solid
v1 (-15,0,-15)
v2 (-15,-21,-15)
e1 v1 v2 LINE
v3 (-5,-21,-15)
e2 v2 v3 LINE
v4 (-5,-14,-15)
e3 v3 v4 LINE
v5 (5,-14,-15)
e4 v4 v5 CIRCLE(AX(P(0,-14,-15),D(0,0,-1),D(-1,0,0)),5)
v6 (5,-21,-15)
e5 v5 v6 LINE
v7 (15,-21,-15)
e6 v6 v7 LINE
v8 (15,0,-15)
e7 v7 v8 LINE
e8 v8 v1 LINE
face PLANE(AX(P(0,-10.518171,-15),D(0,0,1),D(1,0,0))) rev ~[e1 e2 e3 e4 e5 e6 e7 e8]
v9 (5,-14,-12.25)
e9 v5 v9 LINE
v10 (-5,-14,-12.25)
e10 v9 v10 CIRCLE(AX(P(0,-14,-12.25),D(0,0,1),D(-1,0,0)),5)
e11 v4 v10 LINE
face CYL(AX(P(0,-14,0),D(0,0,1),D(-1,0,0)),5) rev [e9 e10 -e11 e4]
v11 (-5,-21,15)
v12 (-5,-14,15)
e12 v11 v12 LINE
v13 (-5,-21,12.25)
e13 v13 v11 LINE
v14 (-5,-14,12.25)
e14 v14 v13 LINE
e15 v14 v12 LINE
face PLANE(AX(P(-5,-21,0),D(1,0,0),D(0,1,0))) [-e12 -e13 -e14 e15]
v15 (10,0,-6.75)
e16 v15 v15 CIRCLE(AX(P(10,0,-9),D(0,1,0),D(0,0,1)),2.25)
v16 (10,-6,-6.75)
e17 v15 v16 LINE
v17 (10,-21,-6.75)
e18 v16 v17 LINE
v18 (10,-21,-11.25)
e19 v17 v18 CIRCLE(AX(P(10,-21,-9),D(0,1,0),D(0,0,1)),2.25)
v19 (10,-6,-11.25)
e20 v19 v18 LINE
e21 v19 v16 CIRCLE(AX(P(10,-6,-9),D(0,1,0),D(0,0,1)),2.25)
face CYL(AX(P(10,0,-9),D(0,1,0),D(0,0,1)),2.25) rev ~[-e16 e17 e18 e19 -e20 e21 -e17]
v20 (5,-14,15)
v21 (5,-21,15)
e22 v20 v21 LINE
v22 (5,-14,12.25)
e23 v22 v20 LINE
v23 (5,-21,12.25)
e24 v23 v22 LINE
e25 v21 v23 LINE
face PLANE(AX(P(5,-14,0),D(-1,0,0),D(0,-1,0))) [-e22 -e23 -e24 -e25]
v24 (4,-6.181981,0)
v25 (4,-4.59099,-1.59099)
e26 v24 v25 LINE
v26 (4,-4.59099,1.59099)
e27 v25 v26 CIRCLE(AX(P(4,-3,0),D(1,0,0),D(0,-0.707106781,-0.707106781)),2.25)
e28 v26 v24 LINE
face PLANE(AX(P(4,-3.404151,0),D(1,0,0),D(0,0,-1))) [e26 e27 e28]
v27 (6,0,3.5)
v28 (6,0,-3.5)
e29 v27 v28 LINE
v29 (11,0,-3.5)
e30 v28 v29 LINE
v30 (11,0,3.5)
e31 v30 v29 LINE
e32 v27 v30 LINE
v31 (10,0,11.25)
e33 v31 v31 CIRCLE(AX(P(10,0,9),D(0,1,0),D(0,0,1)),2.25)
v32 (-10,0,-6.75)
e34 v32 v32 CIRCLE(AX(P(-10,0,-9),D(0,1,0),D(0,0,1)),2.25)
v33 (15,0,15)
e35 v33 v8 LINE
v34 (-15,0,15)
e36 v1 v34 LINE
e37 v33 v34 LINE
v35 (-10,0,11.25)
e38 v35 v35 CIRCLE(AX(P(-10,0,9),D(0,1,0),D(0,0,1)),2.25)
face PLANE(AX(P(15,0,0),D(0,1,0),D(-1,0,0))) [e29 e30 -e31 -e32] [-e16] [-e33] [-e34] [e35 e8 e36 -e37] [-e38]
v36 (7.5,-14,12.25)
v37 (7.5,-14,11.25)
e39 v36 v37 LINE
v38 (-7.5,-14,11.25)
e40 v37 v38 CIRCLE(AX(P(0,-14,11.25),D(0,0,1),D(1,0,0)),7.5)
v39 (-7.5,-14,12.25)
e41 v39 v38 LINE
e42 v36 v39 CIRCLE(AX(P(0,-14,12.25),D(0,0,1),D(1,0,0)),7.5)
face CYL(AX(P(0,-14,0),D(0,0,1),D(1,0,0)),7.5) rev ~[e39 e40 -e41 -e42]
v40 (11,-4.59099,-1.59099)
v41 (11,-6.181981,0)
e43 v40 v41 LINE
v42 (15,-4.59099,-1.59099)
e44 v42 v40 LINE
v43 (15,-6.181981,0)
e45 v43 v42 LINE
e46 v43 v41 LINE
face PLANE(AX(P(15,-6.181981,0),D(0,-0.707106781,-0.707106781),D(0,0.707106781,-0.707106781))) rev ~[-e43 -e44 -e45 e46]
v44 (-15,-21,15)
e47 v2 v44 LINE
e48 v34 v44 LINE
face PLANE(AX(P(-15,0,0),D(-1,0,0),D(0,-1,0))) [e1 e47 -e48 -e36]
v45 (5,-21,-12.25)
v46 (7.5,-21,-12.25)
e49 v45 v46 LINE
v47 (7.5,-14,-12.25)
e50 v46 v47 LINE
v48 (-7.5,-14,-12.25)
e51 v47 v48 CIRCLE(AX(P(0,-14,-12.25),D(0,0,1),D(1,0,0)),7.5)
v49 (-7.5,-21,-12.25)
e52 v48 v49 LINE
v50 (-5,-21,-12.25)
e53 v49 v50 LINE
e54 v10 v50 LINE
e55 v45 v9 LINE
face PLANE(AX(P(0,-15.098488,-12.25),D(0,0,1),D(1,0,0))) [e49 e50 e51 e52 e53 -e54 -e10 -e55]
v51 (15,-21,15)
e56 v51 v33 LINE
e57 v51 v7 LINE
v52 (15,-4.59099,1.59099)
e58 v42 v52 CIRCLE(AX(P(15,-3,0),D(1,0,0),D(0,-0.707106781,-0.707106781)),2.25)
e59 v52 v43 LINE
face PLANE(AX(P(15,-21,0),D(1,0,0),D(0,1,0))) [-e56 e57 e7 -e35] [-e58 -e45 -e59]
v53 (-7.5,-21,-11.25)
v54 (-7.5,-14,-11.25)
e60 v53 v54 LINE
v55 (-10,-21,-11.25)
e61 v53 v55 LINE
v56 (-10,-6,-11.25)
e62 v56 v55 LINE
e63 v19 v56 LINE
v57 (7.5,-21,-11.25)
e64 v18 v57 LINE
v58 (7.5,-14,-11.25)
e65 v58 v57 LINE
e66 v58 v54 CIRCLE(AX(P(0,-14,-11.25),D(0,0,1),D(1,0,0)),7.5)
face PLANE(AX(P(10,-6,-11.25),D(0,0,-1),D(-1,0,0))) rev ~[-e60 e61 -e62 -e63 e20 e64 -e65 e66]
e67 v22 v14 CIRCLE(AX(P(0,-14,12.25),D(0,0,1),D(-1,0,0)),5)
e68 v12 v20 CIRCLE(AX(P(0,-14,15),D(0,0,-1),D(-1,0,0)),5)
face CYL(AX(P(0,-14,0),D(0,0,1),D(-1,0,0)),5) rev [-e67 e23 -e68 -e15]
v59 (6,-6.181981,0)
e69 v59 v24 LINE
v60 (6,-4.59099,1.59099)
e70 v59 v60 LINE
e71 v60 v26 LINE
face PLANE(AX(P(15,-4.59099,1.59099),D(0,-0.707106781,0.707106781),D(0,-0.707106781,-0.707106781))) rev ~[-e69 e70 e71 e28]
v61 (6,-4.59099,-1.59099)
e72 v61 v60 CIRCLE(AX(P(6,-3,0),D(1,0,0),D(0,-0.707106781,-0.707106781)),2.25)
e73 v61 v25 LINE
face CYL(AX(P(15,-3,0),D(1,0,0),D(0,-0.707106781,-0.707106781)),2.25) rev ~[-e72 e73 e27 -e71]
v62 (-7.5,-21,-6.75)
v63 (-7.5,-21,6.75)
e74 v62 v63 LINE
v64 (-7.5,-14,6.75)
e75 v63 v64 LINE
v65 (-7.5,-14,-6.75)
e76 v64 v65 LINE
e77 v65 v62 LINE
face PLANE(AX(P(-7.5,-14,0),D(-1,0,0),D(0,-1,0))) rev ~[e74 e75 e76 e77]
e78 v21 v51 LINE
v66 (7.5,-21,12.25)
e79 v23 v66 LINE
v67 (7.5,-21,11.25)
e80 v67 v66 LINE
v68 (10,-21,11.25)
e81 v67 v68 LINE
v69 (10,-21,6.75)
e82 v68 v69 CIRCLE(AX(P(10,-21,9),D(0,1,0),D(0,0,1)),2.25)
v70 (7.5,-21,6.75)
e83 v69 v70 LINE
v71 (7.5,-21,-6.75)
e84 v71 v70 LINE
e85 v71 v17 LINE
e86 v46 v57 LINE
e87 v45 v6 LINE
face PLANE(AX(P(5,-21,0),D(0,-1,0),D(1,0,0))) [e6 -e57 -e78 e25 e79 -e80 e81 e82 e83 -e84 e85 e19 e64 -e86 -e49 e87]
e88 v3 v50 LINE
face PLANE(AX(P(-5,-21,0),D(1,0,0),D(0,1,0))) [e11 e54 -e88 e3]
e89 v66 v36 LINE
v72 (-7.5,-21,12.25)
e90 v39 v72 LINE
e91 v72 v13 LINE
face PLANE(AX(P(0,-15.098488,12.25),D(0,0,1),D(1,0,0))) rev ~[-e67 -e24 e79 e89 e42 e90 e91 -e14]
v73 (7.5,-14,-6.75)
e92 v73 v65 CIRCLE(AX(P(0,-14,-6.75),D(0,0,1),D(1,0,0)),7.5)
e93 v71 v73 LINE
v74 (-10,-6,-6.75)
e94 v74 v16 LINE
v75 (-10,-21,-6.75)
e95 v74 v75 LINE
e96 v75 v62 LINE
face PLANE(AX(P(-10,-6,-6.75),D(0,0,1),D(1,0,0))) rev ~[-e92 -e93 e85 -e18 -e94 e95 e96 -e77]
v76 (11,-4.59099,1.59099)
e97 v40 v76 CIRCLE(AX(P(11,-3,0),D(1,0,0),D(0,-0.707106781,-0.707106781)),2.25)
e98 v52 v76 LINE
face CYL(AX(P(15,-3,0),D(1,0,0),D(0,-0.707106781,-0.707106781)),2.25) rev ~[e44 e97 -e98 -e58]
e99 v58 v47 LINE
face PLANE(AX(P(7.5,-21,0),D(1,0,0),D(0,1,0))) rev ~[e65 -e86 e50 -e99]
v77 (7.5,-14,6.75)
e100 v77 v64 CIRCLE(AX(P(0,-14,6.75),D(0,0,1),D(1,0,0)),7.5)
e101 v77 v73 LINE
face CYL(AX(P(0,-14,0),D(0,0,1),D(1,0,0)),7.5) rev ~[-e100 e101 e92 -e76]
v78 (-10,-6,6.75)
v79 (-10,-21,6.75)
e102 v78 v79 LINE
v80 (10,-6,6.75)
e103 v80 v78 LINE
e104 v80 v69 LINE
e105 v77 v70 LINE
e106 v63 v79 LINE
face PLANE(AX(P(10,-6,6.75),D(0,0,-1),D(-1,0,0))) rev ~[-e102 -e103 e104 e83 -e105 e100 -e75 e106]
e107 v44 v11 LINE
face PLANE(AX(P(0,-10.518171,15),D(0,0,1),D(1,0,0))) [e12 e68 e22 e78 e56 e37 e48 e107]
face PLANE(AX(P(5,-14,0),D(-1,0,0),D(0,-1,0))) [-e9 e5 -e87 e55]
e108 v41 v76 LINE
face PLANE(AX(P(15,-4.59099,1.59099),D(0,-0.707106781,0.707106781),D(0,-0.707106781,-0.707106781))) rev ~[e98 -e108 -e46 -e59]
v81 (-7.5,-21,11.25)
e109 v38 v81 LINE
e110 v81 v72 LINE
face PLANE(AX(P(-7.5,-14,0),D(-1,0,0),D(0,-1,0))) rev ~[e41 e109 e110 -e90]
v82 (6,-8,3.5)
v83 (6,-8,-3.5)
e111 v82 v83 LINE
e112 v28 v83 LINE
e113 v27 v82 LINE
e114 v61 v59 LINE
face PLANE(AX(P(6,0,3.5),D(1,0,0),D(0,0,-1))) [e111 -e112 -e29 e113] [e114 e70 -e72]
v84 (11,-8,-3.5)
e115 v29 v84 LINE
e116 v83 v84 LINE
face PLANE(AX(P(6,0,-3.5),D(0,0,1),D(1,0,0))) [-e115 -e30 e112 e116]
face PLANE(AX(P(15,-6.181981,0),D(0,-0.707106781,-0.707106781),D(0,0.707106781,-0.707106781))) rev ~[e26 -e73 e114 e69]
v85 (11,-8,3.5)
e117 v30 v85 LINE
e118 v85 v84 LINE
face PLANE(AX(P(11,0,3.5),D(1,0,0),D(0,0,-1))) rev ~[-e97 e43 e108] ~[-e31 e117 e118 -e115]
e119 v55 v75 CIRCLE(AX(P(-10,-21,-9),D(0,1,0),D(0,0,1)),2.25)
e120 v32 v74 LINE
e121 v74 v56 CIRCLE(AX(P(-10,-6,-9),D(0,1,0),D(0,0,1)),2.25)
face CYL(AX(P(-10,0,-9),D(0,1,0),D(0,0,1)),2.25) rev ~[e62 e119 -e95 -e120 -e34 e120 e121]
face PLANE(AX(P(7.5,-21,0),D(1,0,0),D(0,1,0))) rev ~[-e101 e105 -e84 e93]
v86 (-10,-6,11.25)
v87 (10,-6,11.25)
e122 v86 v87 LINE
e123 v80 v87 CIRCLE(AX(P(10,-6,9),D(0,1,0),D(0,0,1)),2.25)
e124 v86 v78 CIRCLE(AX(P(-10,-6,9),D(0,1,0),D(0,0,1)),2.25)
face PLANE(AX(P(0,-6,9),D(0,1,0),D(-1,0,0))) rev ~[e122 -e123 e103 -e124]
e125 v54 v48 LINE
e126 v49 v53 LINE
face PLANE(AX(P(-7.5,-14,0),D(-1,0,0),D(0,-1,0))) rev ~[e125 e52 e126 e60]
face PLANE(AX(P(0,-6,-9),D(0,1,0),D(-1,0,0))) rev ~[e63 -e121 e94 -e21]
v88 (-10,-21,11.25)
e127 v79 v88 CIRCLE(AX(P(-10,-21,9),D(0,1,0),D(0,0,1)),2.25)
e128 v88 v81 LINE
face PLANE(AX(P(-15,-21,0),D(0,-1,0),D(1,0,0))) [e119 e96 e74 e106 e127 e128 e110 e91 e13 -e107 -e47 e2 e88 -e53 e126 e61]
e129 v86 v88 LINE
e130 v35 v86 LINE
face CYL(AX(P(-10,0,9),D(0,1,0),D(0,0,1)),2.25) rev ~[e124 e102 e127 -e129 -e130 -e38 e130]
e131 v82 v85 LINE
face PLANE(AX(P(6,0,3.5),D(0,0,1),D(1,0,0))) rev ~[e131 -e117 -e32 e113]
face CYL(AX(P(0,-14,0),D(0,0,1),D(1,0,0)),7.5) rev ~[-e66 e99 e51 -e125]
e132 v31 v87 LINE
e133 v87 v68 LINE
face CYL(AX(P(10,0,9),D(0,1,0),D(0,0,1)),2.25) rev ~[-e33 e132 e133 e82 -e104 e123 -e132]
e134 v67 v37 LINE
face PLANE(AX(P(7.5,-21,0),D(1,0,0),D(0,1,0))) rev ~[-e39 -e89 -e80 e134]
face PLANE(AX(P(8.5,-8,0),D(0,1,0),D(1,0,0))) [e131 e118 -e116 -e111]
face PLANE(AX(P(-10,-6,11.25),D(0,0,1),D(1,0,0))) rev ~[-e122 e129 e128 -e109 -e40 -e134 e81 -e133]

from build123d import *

# Parameters (mm, degrees)
BOSS_EXTRUDE1_DEPTH = 15
SKETCH2_R           = 2.25
CUT_EXTRUDE1_DEPTH  = 30.849623113
CUT_EXTRUDE2_START  = -15
CUT_EXTRUDE2_DEPTH  = 15
CUT_EXTRUDE3_DEPTH  = 12.25
CUT_EXTRUDE4_DEPTH  = 11
SKETCH8_W           = 5
SKETCH8_H           = 7
CUT_EXTRUDE5_DEPTH  = 8


with BuildPart() as part:
    # Sketch1 → Boss-Extrude1 (new, symmetric)
    with BuildSketch(Plane.XY):
        with BuildLine():
            Line((15, 0), (-15, 0))
            Line((-15, 0), (-15, -21))
            Line((-15, -21), (-5, -21))
            Line((-5, -21), (-5, -14))
            ThreePointArc((-5, -14), (0, -9), (5, -14))
            Line((5, -14), (5, -21))
            Line((5, -21), (15, -21))
            Line((15, -21), (15, 0))
        make_face()
    extrude(amount=BOSS_EXTRUDE1_DEPTH, both=True)

    # Sketch2 → Cut-Extrude1 (cut, through all)
    with BuildSketch(Plane(origin=(0, 0, 0), x_dir=(1, 0, 0), z_dir=(0, 1, 0))):
        with Locations((-10, 9)):
            Circle(SKETCH2_R)
        with Locations((10, 9)):
            Circle(SKETCH2_R)
        with Locations((10, -9)):
            Circle(SKETCH2_R)
        with Locations((-10, -9)):
            Circle(SKETCH2_R)
    extrude(amount=-CUT_EXTRUDE1_DEPTH, mode=Mode.SUBTRACT)

    # Sketch3 → Cut-Extrude2 (cut)
    with BuildSketch(Plane.XZ.offset(21).offset(CUT_EXTRUDE2_START)):
        with BuildLine():
            Line((-10, 11.25), (10, 11.25))
            ThreePointArc((10, 11.25), (12.25, 9), (10, 6.75))
            Line((10, 6.75), (-10, 6.75))
            ThreePointArc((-10, 6.75), (-12.25, 9), (-10, 11.25))
        make_face()
        with BuildLine():
            Line((10, -11.25), (-10, -11.25))
            ThreePointArc((-10, -11.25), (-12.25, -9), (-10, -6.75))
            Line((-10, -6.75), (10, -6.75))
            ThreePointArc((10, -6.75), (12.25, -9), (10, -11.25))
        make_face()
    extrude(amount=CUT_EXTRUDE2_DEPTH, mode=Mode.SUBTRACT)

    # Sketch4 → Cut-Extrude3 (cut, symmetric)
    with BuildSketch(Plane.XY):
        with BuildLine():
            Line((-7.5, -14), (-7.5, -21))
            Line((-7.5, -21), (7.5, -21))
            Line((7.5, -21), (7.5, -14))
            ThreePointArc((7.5, -14), (0, -6.5), (-7.5, -14))
        make_face()
    extrude(amount=CUT_EXTRUDE3_DEPTH, both=True, mode=Mode.SUBTRACT)

    # Sketch7 → Cut-Extrude4 (cut)
    with BuildSketch(Plane(origin=(15, 0, 0), x_dir=(0, 0, -1), z_dir=(1, 0, 0))):
        with BuildLine():
            Line((-1.590990258, -4.590990258), (0, -6.181980515))
            Line((0, -6.181980515), (1.590990258, -4.590990258))
            ThreePointArc((1.590990258, -4.590990258), (0, -0.75), (-1.590990258, -4.590990258))
        make_face()
    extrude(amount=-CUT_EXTRUDE4_DEPTH, mode=Mode.SUBTRACT)

    # Sketch8 → Cut-Extrude5 (cut)
    with BuildSketch(Plane(origin=(0, 0, 0), x_dir=(1, 0, 0), z_dir=(0, 1, 0))):
        with Locations((8.5, 0)):
            Rectangle(SKETCH8_W, SKETCH8_H)
    extrude(amount=-CUT_EXTRUDE5_DEPTH, mode=Mode.SUBTRACT)


solid = part.part
